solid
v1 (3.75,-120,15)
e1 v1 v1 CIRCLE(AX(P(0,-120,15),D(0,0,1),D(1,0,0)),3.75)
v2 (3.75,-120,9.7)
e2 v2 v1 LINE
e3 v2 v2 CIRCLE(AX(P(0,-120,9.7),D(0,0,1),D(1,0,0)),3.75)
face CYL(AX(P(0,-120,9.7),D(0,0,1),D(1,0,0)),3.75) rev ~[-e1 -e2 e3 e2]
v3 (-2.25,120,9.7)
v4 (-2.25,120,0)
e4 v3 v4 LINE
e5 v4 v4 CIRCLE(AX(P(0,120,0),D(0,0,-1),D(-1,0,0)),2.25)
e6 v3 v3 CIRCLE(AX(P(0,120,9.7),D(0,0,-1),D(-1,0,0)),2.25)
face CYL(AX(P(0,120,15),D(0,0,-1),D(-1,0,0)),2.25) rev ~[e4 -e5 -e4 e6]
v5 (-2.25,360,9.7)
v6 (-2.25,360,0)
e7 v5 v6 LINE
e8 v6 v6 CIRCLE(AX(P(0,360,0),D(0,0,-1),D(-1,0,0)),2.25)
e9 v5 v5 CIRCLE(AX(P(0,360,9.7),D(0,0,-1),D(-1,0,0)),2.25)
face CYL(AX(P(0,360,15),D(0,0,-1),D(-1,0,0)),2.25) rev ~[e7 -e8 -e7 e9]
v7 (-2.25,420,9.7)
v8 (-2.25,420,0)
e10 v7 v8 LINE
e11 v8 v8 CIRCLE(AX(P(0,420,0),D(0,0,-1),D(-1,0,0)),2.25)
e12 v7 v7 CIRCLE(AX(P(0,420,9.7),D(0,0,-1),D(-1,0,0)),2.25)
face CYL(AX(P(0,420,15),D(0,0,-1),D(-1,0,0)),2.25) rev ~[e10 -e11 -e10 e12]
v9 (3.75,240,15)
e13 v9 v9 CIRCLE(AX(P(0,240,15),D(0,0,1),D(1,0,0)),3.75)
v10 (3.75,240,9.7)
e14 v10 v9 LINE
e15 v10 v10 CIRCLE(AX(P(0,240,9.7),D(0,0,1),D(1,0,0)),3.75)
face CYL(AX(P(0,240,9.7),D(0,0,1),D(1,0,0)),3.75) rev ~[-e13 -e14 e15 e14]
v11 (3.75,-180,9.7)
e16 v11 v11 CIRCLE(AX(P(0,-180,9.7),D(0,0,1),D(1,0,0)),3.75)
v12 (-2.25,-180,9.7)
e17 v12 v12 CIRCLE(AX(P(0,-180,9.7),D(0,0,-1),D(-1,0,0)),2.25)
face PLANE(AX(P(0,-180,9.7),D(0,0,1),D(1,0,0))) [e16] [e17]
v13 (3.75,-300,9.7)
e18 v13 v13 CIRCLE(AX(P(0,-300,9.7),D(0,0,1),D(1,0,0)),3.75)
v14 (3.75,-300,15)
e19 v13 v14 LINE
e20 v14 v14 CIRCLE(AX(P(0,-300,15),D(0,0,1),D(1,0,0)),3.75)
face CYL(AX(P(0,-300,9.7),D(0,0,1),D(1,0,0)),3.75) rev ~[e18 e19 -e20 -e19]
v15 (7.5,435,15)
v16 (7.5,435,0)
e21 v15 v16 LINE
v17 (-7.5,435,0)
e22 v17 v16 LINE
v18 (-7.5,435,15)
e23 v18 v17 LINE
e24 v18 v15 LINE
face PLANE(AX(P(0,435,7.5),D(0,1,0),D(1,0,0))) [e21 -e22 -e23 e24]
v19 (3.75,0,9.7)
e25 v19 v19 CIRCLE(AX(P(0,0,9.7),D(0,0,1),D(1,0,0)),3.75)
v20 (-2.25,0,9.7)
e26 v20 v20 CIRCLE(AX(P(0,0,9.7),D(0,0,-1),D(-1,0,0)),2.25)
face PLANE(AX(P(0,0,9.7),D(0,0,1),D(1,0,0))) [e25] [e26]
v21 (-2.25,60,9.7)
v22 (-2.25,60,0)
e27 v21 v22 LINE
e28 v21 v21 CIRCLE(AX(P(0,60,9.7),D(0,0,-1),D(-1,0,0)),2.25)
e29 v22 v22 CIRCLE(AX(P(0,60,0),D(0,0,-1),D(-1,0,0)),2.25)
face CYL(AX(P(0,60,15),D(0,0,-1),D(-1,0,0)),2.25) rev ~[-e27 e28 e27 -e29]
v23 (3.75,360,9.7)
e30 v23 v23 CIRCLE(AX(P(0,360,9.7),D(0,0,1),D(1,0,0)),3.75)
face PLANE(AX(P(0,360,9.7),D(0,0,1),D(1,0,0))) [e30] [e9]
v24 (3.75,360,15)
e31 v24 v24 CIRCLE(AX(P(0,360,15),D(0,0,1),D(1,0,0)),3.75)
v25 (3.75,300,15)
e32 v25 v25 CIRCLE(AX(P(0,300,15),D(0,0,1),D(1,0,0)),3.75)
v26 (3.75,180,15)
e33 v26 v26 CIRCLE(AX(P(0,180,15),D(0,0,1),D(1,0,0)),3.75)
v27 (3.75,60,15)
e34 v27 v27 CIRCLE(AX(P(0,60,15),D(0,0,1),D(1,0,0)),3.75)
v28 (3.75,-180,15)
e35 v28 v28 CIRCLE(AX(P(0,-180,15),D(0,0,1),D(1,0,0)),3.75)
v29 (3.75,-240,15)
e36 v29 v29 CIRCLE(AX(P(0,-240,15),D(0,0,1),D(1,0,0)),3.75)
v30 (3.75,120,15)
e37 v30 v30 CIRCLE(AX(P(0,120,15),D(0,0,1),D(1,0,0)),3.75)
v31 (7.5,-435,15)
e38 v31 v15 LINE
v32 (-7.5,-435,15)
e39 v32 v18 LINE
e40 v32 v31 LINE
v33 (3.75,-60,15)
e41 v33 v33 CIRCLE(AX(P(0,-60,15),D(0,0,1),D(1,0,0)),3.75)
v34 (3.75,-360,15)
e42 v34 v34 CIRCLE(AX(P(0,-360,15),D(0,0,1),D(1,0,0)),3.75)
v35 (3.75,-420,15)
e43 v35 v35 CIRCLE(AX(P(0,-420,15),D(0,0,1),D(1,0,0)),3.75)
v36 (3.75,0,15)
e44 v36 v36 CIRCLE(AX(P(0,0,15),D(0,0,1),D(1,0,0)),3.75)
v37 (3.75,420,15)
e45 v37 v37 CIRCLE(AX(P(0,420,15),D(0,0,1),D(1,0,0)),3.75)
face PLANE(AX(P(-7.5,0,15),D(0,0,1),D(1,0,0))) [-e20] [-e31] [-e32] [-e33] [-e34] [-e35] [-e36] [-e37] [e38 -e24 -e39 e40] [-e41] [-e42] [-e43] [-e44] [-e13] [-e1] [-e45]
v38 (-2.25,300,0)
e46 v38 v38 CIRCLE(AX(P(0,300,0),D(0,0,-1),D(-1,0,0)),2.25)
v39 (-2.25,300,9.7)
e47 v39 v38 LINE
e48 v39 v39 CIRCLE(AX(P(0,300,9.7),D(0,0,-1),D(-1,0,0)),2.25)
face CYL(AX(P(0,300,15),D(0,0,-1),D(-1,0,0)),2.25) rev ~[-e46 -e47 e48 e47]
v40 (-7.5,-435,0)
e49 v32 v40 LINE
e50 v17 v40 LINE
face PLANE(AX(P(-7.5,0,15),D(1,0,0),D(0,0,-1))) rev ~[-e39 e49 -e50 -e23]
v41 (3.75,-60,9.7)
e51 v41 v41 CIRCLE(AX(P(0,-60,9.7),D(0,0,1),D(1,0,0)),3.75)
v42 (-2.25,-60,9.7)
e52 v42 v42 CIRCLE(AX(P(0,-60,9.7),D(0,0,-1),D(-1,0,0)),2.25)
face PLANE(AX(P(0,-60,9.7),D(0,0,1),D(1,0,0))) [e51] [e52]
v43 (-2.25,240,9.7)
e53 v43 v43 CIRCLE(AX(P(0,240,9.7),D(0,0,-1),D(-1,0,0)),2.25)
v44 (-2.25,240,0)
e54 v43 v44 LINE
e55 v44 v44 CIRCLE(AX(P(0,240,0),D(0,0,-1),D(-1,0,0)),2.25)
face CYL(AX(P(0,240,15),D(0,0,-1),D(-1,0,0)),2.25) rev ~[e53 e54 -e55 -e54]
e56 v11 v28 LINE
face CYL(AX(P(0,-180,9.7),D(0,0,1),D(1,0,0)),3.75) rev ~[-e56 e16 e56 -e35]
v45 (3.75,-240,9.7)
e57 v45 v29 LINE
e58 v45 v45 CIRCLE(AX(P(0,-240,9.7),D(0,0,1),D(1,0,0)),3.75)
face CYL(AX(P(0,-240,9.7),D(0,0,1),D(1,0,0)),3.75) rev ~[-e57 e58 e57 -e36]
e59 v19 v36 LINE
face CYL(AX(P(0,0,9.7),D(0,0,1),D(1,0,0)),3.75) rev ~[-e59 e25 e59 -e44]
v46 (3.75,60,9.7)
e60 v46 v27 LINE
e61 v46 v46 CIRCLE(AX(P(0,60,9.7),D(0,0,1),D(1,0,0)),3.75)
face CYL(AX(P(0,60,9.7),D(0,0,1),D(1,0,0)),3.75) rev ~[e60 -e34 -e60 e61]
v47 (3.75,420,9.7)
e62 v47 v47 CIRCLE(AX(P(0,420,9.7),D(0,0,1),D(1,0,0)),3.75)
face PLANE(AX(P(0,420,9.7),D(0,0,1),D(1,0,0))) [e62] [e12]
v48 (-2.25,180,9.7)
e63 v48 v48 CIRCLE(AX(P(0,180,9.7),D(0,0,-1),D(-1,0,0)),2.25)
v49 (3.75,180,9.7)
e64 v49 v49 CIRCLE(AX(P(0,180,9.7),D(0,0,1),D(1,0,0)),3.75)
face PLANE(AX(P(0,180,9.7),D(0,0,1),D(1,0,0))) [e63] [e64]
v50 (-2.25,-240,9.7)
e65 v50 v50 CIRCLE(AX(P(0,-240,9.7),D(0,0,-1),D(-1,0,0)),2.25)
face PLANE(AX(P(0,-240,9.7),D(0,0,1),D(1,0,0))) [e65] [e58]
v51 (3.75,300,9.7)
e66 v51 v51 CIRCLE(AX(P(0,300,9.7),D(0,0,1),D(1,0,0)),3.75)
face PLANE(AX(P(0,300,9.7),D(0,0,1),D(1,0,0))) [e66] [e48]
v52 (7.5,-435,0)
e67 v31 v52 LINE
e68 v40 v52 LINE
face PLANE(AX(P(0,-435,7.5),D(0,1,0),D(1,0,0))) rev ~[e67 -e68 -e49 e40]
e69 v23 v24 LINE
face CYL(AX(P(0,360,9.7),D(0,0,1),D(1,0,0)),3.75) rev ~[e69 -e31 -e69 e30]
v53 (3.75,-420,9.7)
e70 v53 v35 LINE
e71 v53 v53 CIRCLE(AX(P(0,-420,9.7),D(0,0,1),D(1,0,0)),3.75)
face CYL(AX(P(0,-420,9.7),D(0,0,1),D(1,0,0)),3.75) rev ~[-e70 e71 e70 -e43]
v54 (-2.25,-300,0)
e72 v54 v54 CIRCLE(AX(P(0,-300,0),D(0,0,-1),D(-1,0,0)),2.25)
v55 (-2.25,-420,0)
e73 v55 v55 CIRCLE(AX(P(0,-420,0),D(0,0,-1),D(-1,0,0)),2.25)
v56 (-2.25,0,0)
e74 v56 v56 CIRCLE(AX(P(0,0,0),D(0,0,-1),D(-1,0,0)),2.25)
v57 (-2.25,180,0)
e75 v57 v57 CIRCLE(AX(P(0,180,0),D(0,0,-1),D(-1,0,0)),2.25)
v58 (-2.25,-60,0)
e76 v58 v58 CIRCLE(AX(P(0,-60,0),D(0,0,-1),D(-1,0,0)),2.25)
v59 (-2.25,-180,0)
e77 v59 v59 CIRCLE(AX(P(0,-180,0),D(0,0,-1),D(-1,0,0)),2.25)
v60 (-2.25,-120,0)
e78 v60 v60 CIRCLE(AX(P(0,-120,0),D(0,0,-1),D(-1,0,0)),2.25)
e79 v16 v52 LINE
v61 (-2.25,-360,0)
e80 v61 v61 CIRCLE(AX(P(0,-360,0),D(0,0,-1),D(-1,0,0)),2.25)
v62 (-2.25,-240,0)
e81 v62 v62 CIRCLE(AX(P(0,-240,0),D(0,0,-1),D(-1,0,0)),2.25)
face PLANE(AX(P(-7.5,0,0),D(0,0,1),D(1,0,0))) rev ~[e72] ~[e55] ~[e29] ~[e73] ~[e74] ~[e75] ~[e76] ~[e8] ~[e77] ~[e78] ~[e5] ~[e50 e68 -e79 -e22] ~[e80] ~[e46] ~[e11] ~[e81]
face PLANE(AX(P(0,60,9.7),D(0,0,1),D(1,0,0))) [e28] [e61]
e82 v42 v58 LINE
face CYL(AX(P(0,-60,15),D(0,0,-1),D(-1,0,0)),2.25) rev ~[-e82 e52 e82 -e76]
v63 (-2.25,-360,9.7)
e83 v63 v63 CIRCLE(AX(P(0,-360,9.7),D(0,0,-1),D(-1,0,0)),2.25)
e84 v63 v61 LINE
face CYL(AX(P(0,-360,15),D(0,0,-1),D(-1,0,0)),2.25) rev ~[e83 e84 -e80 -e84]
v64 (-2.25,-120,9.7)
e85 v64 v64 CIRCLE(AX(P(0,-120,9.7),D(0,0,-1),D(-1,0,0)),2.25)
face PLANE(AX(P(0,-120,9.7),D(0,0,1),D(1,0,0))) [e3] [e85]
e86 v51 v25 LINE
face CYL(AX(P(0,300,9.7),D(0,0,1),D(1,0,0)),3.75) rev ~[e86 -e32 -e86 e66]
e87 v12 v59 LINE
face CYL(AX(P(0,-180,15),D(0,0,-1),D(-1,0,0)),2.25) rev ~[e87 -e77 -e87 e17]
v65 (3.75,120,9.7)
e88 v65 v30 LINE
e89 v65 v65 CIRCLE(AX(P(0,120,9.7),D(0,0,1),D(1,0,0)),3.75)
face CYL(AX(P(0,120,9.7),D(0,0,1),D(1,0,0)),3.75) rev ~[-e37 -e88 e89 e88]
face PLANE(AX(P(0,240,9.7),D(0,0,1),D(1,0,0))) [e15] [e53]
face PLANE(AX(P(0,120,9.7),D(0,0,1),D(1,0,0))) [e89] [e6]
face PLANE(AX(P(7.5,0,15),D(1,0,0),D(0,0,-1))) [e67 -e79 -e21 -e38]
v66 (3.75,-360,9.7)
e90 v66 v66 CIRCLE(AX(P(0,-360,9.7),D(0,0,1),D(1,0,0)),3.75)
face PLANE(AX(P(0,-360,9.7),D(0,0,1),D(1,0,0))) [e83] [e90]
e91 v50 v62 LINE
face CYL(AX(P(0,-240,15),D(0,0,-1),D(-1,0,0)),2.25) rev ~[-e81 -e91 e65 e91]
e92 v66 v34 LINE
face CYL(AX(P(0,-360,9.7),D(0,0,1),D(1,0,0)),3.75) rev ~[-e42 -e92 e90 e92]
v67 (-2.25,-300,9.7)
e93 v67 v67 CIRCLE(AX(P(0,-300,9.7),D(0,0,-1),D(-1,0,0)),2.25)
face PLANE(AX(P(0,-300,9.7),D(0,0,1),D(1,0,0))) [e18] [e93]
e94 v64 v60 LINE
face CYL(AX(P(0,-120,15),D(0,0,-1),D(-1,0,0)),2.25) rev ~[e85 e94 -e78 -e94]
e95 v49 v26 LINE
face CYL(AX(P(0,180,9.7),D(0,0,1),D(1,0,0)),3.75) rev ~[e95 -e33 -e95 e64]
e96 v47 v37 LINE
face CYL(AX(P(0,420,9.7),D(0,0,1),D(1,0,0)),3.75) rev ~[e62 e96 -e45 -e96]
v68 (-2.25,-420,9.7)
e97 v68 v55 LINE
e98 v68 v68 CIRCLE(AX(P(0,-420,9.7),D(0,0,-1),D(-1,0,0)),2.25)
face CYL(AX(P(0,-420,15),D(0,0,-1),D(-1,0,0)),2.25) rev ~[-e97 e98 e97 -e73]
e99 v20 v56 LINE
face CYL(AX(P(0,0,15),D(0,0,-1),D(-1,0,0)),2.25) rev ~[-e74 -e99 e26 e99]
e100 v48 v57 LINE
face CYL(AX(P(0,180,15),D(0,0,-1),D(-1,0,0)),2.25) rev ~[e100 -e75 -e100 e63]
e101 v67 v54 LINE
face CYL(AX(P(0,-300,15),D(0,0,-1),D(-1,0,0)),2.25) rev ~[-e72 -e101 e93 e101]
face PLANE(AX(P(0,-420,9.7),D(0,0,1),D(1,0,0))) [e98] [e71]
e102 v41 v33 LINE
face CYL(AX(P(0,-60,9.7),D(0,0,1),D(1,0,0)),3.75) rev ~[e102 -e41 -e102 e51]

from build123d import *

# Parameters (mm, degrees)
SKETCH_1_W                = 15
SKETCH_1_H                = 15
EXTRUDE_1_DEPTH           = 435
HOLE_WIZARD_1_D           = 4.5
HOLE_WIZARD_1_DEPTH       = 60
HOLE_WIZARD_1_CBORE_D     = 7.5
HOLE_WIZARD_1_CBORE_DEPTH = 5.3
PATTERN_LINEAR_1_COUNT    = 15
PATTERN_LINEAR_1_PITCH    = 60


with BuildPart() as part:
    # 草图1 → 凸台-拉伸1 (new, symmetric)
    with BuildSketch(Plane(origin=(0, 0, 0), x_dir=(1, 0, 0), z_dir=(0, 1, 0))):
        with Locations((0, -7.5)):
            Rectangle(SKETCH_1_W, SKETCH_1_H)
    extrude(amount=EXTRUDE_1_DEPTH, both=True)

    # 孔1
    with Locations(Plane.XY.offset(15)):
        with Locations((0, 420)):
            hole_wizard_1 = CounterBoreHole(HOLE_WIZARD_1_D / 2, HOLE_WIZARD_1_CBORE_D / 2, HOLE_WIZARD_1_CBORE_DEPTH, depth=HOLE_WIZARD_1_DEPTH)

    # 阵列(线性)1: 孔1 ×15
    with Locations(*[(0, -i * PATTERN_LINEAR_1_PITCH, 0) for i in range(1, PATTERN_LINEAR_1_COUNT)]):
        add(hole_wizard_1, mode=Mode.SUBTRACT)


solid = part.part
